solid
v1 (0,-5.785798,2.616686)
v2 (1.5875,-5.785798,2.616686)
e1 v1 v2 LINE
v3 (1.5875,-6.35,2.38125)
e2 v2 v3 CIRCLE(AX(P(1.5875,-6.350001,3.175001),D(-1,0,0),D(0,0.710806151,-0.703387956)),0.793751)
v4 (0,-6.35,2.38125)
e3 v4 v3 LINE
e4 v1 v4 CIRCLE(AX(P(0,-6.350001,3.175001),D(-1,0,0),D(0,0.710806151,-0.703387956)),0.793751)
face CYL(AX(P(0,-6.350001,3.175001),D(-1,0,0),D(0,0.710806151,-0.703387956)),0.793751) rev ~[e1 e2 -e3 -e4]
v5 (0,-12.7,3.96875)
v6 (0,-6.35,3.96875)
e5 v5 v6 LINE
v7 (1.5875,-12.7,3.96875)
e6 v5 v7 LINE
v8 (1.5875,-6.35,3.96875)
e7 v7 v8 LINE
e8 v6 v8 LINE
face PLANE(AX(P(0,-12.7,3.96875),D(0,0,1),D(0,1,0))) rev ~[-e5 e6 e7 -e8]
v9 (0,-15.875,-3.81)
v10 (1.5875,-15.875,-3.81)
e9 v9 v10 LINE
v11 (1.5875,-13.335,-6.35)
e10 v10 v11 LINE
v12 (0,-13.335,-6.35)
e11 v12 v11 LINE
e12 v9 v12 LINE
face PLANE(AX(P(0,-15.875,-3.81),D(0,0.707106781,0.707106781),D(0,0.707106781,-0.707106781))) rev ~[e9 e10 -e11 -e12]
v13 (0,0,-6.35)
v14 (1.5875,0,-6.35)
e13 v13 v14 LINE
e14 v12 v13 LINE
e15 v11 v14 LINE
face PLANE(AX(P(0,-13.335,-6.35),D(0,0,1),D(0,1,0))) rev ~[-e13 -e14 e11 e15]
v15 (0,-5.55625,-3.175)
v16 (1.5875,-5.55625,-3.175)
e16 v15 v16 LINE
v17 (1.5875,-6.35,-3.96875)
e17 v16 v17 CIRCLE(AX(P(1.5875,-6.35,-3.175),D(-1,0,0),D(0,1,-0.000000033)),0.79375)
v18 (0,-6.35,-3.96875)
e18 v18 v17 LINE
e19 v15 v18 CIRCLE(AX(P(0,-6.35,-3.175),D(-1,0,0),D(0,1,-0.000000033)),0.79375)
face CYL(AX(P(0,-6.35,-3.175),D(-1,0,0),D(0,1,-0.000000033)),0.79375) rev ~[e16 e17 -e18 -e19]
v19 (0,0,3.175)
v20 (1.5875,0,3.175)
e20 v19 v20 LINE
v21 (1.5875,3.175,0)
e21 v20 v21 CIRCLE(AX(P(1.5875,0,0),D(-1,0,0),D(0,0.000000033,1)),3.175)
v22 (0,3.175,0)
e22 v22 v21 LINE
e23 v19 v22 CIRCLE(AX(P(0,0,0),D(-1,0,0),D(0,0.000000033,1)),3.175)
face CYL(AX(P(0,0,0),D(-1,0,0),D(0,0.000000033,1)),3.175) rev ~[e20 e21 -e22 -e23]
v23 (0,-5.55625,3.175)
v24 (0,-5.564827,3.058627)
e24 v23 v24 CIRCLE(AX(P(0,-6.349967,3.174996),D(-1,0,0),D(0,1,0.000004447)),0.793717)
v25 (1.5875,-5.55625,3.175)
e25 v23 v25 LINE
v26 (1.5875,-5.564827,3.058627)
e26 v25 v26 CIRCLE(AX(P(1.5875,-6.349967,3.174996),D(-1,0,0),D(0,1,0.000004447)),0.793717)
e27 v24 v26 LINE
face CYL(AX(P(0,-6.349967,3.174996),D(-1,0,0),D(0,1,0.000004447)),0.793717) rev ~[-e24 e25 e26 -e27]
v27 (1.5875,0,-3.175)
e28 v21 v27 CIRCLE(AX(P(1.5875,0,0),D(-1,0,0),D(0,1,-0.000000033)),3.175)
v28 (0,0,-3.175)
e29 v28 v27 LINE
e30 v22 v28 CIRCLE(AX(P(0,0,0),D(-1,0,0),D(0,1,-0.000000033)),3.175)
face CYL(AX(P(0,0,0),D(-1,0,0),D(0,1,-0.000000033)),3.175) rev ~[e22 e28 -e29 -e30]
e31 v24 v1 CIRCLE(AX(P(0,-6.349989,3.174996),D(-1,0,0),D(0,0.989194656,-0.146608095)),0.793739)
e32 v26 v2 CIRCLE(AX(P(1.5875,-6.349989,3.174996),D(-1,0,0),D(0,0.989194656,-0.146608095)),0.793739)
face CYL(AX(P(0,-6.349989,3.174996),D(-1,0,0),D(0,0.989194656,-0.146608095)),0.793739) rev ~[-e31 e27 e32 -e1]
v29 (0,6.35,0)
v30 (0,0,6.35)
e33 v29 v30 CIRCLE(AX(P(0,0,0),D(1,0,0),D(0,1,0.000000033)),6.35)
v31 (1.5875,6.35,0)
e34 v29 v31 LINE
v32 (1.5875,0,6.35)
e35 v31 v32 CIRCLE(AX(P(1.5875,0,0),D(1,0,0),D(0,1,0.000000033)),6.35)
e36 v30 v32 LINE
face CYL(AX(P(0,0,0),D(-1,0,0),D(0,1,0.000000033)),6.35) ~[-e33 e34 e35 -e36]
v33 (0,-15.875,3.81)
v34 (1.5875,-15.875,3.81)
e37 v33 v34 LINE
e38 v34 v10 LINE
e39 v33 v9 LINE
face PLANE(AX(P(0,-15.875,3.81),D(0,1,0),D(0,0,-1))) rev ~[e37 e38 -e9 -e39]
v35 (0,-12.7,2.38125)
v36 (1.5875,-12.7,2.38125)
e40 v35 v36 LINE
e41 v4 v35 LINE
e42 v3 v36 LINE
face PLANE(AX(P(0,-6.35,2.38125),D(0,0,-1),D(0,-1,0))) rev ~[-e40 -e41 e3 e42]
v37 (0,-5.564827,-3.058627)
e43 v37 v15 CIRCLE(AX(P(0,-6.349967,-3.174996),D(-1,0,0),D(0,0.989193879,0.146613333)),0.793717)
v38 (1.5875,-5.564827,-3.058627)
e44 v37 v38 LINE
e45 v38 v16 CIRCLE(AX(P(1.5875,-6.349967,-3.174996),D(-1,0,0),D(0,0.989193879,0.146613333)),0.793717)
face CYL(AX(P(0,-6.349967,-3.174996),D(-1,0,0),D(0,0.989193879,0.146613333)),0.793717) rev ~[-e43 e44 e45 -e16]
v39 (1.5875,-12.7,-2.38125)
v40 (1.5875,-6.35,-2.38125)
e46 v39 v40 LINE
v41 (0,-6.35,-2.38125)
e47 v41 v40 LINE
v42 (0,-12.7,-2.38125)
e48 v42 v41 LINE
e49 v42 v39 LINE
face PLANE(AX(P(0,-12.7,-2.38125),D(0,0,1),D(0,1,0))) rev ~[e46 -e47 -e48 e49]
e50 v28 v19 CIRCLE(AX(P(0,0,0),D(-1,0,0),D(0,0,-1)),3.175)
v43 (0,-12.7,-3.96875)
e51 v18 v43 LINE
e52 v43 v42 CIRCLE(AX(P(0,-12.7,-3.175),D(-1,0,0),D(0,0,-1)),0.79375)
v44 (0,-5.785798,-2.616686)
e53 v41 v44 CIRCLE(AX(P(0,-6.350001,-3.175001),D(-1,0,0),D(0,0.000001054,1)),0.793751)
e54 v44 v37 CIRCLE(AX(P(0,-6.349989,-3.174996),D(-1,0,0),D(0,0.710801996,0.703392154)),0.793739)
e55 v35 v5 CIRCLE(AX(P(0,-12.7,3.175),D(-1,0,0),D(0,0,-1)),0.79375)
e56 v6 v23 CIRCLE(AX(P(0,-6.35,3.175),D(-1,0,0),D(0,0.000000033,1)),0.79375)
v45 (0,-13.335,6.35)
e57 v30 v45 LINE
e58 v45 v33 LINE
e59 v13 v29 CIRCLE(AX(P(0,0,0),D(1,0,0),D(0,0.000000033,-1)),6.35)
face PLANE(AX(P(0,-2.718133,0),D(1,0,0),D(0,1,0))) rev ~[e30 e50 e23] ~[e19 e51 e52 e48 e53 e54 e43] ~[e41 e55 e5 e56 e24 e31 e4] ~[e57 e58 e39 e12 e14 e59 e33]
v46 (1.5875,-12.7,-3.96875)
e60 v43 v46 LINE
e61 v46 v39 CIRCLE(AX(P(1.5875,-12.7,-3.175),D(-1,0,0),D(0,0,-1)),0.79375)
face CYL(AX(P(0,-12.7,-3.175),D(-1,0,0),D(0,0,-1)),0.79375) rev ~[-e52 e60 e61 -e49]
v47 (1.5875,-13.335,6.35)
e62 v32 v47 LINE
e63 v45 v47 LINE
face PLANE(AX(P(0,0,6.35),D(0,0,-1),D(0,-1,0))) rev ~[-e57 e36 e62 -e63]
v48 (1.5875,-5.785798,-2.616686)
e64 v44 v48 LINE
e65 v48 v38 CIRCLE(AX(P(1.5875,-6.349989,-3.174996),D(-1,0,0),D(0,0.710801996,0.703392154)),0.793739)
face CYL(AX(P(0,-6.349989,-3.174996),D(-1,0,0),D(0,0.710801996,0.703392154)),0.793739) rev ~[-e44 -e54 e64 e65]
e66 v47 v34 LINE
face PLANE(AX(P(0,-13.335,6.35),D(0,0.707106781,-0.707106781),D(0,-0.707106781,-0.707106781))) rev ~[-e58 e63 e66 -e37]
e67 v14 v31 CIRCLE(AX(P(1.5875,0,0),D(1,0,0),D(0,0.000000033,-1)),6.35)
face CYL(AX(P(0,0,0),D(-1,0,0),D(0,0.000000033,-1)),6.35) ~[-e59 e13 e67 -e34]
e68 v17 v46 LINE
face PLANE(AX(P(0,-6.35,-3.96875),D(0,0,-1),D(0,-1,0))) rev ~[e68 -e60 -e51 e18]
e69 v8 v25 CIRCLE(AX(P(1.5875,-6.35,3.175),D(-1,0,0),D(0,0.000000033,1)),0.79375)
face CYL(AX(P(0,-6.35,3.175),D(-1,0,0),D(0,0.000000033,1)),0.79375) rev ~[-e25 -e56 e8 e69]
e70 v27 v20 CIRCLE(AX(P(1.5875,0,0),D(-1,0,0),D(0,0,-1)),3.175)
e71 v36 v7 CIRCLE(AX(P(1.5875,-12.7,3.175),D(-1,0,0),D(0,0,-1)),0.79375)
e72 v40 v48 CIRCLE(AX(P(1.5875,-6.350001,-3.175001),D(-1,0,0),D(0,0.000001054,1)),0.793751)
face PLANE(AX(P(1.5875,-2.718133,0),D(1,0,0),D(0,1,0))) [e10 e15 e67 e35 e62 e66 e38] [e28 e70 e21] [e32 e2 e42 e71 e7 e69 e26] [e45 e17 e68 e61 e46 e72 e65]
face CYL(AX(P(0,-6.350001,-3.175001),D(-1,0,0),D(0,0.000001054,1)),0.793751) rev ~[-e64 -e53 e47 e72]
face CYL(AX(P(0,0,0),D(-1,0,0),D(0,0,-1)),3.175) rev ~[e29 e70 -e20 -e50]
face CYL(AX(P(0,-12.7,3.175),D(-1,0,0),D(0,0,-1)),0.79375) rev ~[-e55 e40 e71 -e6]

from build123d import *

# Parameters (mm, degrees)
F1_DEPTH = 1.5875


with BuildPart() as f1:
    # F0 (on Right) → F1 (new body)
    with BuildSketch(Plane.YZ):
        with BuildLine():
            Line((0, 3.175), (0, 6.35))
            ThreePointArc((0, 6.35), (-3.232663, 5.465564), (-5.564827, 3.058627))
            ThreePointArc((-5.564827, 3.058627), (-5.640048, 2.820024), (-5.785798, 2.616686))
            ThreePointArc((-5.785798, 2.616686), (-6.35, 0), (-5.785798, -2.616686))
            ThreePointArc((-5.785798, -2.616686), (-5.640048, -2.820024), (-5.564827, -3.058627))
            ThreePointArc((-5.564827, -3.058627), (-3.232663, -5.465564), (0, -6.35))
            Line((0, -6.35), (0, -3.175))
            ThreePointArc((0, -3.175), (-3.175, 0), (0, 3.175))
        make_face()
        with BuildLine():
            ThreePointArc((0, -6.35), (4.490128, -4.490128), (6.35, 0))
            ThreePointArc((6.35, 0), (4.490128, 4.490128), (0, 6.35))
            Line((0, 6.35), (0, 3.175))
            ThreePointArc((0, 3.175), (2.245064, 2.245064), (3.175, 0))
            ThreePointArc((3.175, 0), (2.245064, -2.245064), (0, -3.175))
            Line((0, -3.175), (0, -6.35))
        make_face()
        with BuildLine():
            ThreePointArc((-5.564827, 3.058627), (-3.232663, 5.465564), (0, 6.35))
            Line((0, 6.35), (-13.335, 6.35))
            Line((-13.335, 6.35), (-15.875, 3.81))
            Line((-15.875, 3.81), (-15.875, -3.81))
            Line((-15.875, -3.81), (-13.335, -6.35))
            Line((-13.335, -6.35), (0, -6.35))
            ThreePointArc((0, -6.35), (-3.232663, -5.465564), (-5.564827, -3.058627))
            ThreePointArc((-5.564827, -3.058627), (-5.558397, -3.116656), (-5.55625, -3.175))
            ThreePointArc((-5.55625, -3.175), (-5.788734, -3.736266), (-6.35, -3.96875))
            Line((-6.35, -3.96875), (-12.7, -3.96875))
            ThreePointArc((-12.7, -3.96875), (-13.49375, -3.175), (-12.7, -2.38125))
            Line((-12.7, -2.38125), (-6.35, -2.38125))
            ThreePointArc((-6.35, -2.38125), (-6.044323, -2.44247), (-5.785798, -2.616686))
            ThreePointArc((-5.785798, -2.616686), (-6.35, 0), (-5.785798, 2.616686))
            ThreePointArc((-5.785798, 2.616686), (-6.044323, 2.44247), (-6.35, 2.38125))
            Line((-6.35, 2.38125), (-12.7, 2.38125))
            ThreePointArc((-12.7, 2.38125), (-13.49375, 3.175), (-12.7, 3.96875))
            Line((-12.7, 3.96875), (-6.35, 3.96875))
            ThreePointArc((-6.35, 3.96875), (-5.788734, 3.736266), (-5.55625, 3.175))
            ThreePointArc((-5.55625, 3.175), (-5.558397, 3.116656), (-5.564827, 3.058627))
        make_face()
    extrude(amount=F1_DEPTH)


solid = f1.part
